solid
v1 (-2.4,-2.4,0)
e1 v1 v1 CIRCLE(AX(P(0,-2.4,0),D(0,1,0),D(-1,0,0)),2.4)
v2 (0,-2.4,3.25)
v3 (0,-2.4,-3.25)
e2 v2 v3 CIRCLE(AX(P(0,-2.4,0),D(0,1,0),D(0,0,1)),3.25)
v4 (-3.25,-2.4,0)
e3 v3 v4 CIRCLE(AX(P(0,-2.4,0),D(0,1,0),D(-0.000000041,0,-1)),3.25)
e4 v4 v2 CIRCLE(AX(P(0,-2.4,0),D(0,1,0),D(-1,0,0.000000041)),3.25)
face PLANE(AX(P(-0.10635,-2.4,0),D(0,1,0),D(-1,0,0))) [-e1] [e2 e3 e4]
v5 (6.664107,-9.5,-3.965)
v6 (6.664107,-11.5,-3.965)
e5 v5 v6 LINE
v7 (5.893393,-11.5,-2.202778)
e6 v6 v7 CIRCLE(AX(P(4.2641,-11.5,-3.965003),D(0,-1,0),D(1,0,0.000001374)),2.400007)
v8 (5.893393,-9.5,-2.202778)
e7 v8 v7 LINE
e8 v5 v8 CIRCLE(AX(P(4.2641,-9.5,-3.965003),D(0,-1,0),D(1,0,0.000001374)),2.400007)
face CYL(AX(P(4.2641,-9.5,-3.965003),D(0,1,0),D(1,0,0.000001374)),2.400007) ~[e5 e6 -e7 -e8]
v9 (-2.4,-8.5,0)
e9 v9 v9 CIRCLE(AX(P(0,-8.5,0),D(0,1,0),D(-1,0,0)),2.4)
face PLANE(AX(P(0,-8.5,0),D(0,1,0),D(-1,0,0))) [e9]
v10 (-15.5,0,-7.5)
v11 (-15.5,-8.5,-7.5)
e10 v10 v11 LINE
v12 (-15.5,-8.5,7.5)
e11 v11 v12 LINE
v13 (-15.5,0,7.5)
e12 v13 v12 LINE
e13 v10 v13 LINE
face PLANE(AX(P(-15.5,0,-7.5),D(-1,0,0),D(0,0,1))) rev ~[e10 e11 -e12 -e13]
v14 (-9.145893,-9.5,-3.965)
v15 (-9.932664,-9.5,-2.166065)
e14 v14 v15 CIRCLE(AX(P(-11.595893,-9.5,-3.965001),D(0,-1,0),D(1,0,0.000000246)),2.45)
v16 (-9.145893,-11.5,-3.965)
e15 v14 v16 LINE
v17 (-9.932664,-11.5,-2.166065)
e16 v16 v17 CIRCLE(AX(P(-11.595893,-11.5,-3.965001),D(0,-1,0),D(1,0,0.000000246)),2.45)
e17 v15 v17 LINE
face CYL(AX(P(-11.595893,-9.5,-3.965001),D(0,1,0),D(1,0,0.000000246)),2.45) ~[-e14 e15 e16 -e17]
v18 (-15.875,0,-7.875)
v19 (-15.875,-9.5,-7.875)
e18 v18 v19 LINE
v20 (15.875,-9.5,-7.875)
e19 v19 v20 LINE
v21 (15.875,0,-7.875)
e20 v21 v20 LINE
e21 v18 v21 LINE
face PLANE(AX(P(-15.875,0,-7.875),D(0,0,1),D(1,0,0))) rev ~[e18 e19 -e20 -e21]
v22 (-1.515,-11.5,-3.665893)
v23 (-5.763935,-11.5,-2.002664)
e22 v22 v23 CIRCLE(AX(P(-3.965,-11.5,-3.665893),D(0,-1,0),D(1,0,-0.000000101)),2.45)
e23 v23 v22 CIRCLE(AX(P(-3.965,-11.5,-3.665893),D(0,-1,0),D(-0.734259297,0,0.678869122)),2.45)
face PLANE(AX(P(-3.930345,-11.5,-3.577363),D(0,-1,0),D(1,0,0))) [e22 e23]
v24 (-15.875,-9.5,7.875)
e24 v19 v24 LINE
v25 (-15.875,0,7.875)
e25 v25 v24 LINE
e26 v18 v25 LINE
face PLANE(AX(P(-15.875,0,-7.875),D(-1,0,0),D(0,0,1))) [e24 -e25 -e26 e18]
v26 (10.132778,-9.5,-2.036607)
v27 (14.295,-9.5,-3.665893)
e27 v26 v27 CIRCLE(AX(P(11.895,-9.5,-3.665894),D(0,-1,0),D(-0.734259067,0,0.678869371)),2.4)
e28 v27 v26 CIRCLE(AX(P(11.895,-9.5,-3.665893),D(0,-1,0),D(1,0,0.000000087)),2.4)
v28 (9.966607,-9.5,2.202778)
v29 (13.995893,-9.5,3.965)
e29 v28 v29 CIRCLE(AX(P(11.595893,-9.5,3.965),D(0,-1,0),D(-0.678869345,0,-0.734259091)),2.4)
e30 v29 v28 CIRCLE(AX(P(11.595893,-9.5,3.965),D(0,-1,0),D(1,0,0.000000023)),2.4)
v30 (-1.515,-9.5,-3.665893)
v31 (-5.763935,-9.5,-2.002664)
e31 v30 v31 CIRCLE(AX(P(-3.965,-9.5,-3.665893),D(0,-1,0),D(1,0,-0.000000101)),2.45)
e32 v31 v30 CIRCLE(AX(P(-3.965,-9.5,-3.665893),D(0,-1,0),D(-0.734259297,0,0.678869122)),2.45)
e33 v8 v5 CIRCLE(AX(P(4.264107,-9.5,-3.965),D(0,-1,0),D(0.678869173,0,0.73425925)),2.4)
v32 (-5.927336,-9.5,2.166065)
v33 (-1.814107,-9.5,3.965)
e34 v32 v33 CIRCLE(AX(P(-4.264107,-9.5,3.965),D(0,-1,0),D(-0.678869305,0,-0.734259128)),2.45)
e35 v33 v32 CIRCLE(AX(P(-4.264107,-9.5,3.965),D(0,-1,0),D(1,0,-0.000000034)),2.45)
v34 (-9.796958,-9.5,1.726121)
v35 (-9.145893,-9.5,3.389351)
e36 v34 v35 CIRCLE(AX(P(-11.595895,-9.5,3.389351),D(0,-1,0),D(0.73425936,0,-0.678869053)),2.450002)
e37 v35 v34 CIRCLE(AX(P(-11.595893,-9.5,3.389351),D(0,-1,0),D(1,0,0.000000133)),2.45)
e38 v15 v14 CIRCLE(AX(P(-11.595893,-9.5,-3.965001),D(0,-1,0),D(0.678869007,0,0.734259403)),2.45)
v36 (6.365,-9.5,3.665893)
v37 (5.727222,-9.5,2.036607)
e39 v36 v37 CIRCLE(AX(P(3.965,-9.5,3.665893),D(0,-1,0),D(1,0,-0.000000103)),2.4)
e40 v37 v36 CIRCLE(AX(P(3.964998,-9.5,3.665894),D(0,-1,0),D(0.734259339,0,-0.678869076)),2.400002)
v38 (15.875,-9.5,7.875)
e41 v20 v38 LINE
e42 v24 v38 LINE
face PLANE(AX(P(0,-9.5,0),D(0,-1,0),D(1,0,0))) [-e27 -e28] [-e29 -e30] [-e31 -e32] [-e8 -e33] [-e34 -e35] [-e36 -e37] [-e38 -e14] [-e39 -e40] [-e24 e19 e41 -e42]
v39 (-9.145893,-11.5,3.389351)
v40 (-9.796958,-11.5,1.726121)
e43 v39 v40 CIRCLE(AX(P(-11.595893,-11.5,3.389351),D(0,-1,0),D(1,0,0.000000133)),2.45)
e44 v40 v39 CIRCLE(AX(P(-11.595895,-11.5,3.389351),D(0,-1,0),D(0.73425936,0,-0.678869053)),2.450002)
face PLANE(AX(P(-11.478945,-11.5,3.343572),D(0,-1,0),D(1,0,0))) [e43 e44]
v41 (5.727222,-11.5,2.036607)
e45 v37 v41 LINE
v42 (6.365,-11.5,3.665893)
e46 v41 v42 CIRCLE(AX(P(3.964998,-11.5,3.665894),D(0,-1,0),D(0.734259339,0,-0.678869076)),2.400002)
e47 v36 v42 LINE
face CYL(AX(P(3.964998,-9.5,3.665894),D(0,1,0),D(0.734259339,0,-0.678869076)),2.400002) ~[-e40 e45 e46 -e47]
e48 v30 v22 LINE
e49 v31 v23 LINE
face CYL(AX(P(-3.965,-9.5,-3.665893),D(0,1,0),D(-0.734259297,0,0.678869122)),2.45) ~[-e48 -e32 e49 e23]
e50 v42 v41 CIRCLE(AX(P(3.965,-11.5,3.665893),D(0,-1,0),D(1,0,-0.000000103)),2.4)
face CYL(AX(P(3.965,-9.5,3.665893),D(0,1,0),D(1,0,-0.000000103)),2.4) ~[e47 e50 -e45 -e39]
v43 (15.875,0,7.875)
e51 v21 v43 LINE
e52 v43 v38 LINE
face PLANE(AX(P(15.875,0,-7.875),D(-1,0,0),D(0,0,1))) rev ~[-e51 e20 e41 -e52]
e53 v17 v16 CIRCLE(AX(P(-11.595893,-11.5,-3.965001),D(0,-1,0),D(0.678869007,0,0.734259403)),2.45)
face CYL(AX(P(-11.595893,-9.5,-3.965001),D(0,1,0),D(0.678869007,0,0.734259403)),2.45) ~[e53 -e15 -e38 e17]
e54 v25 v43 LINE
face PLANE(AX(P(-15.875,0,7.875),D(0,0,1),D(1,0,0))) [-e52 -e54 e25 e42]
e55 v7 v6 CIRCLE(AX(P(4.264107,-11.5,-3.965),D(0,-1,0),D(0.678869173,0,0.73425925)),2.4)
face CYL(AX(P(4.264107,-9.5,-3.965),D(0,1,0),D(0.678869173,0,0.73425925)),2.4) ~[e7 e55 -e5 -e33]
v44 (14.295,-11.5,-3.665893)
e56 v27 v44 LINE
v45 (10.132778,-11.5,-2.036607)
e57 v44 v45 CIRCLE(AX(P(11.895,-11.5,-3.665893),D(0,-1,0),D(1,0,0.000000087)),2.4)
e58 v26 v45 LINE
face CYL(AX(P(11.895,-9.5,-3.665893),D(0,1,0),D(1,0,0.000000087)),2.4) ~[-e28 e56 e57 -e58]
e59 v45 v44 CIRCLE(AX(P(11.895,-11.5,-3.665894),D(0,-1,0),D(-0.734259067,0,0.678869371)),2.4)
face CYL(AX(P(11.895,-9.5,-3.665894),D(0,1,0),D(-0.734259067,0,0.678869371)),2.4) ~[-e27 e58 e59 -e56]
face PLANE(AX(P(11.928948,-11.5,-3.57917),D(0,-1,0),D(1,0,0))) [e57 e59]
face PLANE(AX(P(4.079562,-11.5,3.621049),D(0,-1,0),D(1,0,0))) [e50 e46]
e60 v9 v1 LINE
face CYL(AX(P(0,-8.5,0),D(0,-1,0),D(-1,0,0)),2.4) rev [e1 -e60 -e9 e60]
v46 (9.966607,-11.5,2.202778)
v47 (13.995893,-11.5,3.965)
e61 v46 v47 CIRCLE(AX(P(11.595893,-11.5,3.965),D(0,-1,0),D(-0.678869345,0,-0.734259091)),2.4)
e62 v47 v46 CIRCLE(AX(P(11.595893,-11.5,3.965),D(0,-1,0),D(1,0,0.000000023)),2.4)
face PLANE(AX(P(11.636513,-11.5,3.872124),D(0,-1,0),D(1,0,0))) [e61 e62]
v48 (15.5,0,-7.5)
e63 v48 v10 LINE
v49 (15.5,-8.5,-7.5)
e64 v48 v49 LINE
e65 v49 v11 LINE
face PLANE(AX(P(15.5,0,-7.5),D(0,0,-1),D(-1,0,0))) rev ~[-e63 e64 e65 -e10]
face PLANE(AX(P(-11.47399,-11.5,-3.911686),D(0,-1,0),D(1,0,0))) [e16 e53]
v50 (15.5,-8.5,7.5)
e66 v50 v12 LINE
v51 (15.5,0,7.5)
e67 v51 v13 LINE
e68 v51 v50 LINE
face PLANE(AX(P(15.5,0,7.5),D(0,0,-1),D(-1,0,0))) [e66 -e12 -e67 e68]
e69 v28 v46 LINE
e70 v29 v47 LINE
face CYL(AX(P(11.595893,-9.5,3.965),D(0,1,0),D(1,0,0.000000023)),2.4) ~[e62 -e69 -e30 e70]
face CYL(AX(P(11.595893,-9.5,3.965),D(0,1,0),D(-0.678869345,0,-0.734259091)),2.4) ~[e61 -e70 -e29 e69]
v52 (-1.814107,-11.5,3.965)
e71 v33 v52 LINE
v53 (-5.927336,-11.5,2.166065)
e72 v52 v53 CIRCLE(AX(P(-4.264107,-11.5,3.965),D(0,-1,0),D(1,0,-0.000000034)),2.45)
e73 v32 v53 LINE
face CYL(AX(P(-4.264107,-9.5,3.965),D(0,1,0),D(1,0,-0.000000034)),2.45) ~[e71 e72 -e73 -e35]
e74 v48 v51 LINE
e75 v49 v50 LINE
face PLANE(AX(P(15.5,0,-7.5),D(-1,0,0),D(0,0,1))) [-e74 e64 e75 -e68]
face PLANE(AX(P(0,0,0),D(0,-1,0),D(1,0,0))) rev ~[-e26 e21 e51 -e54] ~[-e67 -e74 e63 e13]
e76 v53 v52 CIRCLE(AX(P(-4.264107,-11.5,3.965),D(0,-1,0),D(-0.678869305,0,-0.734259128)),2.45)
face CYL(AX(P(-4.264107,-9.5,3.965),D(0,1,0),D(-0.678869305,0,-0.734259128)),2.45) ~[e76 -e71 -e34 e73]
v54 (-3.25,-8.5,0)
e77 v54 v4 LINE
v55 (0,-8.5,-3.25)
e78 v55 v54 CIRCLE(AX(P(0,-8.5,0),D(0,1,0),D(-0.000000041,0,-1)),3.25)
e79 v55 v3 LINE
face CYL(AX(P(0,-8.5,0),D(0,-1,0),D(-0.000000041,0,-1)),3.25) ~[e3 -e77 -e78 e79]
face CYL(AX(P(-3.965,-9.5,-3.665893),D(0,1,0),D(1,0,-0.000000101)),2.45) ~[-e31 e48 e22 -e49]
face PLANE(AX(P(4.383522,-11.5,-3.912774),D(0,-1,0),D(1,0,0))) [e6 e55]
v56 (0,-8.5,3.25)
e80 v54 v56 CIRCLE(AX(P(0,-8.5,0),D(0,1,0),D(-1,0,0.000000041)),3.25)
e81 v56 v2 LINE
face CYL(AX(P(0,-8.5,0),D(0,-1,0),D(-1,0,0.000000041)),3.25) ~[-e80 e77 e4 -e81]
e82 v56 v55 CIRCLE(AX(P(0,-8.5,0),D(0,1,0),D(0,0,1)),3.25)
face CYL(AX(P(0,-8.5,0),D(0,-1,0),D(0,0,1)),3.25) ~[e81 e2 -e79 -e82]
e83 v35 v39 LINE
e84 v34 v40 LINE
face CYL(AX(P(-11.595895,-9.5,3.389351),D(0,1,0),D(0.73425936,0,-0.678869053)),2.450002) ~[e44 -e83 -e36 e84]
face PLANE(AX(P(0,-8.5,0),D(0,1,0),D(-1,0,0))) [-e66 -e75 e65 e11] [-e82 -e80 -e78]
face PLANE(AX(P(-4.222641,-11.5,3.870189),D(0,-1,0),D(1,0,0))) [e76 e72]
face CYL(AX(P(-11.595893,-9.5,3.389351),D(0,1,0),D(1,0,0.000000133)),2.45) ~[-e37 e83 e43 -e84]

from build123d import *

# Parameters (mm, degrees)
F0_W     = 31.75
F0_H     = 15.75
F1_DEPTH = 9.5
F2_W     = 31
F2_H     = 15
F3_DEPTH = 8.5
F5_DEPTH = 2
F6_R     = 2.4
F7_DEPTH = 6.1


with BuildPart() as f1:
    # F0 (on Front) → F1 (new body)
    with BuildSketch(Plane.XZ):
        Rectangle(F0_W, F0_H)
    extrude(amount=F1_DEPTH)

    # F2 (on face) → F3 (cut)
    with BuildSketch(Plane(origin=(0, 0, 0), x_dir=(-1, 0, 0), z_dir=(0, 1, 0))):
        Rectangle(F2_W, F2_H)
    extrude(amount=-F3_DEPTH, mode=Mode.SUBTRACT)

    # F4 (on face) → F5 (join)
    with BuildSketch(Plane.XZ.offset(9.5)):
        with BuildLine():
            ThreePointArc((-1.515, -3.665893), (-3.071941, -1.384458), (-5.763935, -2.002664))
            ThreePointArc((-5.763935, -2.002664), (-4.858059, -5.947328), (-1.515, -3.665893))
        make_face()
        with BuildLine():
            ThreePointArc((-9.145893, -3.965), (-9.351187, -2.98327), (-9.932664, -2.166065))
            ThreePointArc((-9.932664, -2.166065), (-13.8406, -4.94673), (-9.145893, -3.965))
        make_face()
        with BuildLine():
            ThreePointArc((-9.145893, 3.389351), (-13.877328, 4.28241), (-9.796958, 1.726121))
            ThreePointArc((-9.796958, 1.726121), (-9.314458, 2.496292), (-9.145893, 3.389351))
        make_face()
        with BuildLine():
            ThreePointArc((-1.814107, 3.965), (-5.245837, 6.209706), (-5.927336, 2.166065))
            ThreePointArc((-5.927336, 2.166065), (-3.282376, 1.720294), (-1.814107, 3.965))
        make_face()
        with BuildLine():
            ThreePointArc((6.365, 3.665893), (1.730125, 4.540727), (5.727222, 2.036607))
            ThreePointArc((5.727222, 2.036607), (6.199875, 2.79106), (6.365, 3.665893))
        make_face()
        with BuildLine():
            ThreePointArc((13.995893, 3.965), (10.634199, 6.163896), (9.966607, 2.202778))
            ThreePointArc((9.966607, 2.202778), (12.557588, 1.766104), (13.995893, 3.965))
        make_face()
        with BuildLine():
            ThreePointArc((14.295, -3.665893), (12.769833, -1.431018), (10.132778, -2.036607))
            ThreePointArc((10.132778, -2.036607), (11.020167, -5.900769), (14.295, -3.665893))
        make_face()
        with BuildLine():
            ThreePointArc((6.664107, -3.965), (6.463002, -3.003305), (5.893393, -2.202778))
            ThreePointArc((5.893393, -2.202778), (2.065211, -4.926695), (6.664107, -3.965))
        make_face()
    extrude(amount=F5_DEPTH)

    # F6 (on face) → F7 (join)
    with BuildSketch(Plane(origin=(0, -8.5, 0), x_dir=(-1, 0, 0), z_dir=(0, 1, 0))):
        with BuildLine():
            ThreePointArc((0, -3.25), (2.298097, -2.298097), (3.25, 0))
            ThreePointArc((3.25, 0), (2.298097, 2.298097), (0, 3.25))
            ThreePointArc((0, 3.25), (-3.25, 0), (0, -3.25))
        make_face()
        Circle(F6_R, mode=Mode.SUBTRACT)
    extrude(amount=F7_DEPTH)


solid = f1.part
